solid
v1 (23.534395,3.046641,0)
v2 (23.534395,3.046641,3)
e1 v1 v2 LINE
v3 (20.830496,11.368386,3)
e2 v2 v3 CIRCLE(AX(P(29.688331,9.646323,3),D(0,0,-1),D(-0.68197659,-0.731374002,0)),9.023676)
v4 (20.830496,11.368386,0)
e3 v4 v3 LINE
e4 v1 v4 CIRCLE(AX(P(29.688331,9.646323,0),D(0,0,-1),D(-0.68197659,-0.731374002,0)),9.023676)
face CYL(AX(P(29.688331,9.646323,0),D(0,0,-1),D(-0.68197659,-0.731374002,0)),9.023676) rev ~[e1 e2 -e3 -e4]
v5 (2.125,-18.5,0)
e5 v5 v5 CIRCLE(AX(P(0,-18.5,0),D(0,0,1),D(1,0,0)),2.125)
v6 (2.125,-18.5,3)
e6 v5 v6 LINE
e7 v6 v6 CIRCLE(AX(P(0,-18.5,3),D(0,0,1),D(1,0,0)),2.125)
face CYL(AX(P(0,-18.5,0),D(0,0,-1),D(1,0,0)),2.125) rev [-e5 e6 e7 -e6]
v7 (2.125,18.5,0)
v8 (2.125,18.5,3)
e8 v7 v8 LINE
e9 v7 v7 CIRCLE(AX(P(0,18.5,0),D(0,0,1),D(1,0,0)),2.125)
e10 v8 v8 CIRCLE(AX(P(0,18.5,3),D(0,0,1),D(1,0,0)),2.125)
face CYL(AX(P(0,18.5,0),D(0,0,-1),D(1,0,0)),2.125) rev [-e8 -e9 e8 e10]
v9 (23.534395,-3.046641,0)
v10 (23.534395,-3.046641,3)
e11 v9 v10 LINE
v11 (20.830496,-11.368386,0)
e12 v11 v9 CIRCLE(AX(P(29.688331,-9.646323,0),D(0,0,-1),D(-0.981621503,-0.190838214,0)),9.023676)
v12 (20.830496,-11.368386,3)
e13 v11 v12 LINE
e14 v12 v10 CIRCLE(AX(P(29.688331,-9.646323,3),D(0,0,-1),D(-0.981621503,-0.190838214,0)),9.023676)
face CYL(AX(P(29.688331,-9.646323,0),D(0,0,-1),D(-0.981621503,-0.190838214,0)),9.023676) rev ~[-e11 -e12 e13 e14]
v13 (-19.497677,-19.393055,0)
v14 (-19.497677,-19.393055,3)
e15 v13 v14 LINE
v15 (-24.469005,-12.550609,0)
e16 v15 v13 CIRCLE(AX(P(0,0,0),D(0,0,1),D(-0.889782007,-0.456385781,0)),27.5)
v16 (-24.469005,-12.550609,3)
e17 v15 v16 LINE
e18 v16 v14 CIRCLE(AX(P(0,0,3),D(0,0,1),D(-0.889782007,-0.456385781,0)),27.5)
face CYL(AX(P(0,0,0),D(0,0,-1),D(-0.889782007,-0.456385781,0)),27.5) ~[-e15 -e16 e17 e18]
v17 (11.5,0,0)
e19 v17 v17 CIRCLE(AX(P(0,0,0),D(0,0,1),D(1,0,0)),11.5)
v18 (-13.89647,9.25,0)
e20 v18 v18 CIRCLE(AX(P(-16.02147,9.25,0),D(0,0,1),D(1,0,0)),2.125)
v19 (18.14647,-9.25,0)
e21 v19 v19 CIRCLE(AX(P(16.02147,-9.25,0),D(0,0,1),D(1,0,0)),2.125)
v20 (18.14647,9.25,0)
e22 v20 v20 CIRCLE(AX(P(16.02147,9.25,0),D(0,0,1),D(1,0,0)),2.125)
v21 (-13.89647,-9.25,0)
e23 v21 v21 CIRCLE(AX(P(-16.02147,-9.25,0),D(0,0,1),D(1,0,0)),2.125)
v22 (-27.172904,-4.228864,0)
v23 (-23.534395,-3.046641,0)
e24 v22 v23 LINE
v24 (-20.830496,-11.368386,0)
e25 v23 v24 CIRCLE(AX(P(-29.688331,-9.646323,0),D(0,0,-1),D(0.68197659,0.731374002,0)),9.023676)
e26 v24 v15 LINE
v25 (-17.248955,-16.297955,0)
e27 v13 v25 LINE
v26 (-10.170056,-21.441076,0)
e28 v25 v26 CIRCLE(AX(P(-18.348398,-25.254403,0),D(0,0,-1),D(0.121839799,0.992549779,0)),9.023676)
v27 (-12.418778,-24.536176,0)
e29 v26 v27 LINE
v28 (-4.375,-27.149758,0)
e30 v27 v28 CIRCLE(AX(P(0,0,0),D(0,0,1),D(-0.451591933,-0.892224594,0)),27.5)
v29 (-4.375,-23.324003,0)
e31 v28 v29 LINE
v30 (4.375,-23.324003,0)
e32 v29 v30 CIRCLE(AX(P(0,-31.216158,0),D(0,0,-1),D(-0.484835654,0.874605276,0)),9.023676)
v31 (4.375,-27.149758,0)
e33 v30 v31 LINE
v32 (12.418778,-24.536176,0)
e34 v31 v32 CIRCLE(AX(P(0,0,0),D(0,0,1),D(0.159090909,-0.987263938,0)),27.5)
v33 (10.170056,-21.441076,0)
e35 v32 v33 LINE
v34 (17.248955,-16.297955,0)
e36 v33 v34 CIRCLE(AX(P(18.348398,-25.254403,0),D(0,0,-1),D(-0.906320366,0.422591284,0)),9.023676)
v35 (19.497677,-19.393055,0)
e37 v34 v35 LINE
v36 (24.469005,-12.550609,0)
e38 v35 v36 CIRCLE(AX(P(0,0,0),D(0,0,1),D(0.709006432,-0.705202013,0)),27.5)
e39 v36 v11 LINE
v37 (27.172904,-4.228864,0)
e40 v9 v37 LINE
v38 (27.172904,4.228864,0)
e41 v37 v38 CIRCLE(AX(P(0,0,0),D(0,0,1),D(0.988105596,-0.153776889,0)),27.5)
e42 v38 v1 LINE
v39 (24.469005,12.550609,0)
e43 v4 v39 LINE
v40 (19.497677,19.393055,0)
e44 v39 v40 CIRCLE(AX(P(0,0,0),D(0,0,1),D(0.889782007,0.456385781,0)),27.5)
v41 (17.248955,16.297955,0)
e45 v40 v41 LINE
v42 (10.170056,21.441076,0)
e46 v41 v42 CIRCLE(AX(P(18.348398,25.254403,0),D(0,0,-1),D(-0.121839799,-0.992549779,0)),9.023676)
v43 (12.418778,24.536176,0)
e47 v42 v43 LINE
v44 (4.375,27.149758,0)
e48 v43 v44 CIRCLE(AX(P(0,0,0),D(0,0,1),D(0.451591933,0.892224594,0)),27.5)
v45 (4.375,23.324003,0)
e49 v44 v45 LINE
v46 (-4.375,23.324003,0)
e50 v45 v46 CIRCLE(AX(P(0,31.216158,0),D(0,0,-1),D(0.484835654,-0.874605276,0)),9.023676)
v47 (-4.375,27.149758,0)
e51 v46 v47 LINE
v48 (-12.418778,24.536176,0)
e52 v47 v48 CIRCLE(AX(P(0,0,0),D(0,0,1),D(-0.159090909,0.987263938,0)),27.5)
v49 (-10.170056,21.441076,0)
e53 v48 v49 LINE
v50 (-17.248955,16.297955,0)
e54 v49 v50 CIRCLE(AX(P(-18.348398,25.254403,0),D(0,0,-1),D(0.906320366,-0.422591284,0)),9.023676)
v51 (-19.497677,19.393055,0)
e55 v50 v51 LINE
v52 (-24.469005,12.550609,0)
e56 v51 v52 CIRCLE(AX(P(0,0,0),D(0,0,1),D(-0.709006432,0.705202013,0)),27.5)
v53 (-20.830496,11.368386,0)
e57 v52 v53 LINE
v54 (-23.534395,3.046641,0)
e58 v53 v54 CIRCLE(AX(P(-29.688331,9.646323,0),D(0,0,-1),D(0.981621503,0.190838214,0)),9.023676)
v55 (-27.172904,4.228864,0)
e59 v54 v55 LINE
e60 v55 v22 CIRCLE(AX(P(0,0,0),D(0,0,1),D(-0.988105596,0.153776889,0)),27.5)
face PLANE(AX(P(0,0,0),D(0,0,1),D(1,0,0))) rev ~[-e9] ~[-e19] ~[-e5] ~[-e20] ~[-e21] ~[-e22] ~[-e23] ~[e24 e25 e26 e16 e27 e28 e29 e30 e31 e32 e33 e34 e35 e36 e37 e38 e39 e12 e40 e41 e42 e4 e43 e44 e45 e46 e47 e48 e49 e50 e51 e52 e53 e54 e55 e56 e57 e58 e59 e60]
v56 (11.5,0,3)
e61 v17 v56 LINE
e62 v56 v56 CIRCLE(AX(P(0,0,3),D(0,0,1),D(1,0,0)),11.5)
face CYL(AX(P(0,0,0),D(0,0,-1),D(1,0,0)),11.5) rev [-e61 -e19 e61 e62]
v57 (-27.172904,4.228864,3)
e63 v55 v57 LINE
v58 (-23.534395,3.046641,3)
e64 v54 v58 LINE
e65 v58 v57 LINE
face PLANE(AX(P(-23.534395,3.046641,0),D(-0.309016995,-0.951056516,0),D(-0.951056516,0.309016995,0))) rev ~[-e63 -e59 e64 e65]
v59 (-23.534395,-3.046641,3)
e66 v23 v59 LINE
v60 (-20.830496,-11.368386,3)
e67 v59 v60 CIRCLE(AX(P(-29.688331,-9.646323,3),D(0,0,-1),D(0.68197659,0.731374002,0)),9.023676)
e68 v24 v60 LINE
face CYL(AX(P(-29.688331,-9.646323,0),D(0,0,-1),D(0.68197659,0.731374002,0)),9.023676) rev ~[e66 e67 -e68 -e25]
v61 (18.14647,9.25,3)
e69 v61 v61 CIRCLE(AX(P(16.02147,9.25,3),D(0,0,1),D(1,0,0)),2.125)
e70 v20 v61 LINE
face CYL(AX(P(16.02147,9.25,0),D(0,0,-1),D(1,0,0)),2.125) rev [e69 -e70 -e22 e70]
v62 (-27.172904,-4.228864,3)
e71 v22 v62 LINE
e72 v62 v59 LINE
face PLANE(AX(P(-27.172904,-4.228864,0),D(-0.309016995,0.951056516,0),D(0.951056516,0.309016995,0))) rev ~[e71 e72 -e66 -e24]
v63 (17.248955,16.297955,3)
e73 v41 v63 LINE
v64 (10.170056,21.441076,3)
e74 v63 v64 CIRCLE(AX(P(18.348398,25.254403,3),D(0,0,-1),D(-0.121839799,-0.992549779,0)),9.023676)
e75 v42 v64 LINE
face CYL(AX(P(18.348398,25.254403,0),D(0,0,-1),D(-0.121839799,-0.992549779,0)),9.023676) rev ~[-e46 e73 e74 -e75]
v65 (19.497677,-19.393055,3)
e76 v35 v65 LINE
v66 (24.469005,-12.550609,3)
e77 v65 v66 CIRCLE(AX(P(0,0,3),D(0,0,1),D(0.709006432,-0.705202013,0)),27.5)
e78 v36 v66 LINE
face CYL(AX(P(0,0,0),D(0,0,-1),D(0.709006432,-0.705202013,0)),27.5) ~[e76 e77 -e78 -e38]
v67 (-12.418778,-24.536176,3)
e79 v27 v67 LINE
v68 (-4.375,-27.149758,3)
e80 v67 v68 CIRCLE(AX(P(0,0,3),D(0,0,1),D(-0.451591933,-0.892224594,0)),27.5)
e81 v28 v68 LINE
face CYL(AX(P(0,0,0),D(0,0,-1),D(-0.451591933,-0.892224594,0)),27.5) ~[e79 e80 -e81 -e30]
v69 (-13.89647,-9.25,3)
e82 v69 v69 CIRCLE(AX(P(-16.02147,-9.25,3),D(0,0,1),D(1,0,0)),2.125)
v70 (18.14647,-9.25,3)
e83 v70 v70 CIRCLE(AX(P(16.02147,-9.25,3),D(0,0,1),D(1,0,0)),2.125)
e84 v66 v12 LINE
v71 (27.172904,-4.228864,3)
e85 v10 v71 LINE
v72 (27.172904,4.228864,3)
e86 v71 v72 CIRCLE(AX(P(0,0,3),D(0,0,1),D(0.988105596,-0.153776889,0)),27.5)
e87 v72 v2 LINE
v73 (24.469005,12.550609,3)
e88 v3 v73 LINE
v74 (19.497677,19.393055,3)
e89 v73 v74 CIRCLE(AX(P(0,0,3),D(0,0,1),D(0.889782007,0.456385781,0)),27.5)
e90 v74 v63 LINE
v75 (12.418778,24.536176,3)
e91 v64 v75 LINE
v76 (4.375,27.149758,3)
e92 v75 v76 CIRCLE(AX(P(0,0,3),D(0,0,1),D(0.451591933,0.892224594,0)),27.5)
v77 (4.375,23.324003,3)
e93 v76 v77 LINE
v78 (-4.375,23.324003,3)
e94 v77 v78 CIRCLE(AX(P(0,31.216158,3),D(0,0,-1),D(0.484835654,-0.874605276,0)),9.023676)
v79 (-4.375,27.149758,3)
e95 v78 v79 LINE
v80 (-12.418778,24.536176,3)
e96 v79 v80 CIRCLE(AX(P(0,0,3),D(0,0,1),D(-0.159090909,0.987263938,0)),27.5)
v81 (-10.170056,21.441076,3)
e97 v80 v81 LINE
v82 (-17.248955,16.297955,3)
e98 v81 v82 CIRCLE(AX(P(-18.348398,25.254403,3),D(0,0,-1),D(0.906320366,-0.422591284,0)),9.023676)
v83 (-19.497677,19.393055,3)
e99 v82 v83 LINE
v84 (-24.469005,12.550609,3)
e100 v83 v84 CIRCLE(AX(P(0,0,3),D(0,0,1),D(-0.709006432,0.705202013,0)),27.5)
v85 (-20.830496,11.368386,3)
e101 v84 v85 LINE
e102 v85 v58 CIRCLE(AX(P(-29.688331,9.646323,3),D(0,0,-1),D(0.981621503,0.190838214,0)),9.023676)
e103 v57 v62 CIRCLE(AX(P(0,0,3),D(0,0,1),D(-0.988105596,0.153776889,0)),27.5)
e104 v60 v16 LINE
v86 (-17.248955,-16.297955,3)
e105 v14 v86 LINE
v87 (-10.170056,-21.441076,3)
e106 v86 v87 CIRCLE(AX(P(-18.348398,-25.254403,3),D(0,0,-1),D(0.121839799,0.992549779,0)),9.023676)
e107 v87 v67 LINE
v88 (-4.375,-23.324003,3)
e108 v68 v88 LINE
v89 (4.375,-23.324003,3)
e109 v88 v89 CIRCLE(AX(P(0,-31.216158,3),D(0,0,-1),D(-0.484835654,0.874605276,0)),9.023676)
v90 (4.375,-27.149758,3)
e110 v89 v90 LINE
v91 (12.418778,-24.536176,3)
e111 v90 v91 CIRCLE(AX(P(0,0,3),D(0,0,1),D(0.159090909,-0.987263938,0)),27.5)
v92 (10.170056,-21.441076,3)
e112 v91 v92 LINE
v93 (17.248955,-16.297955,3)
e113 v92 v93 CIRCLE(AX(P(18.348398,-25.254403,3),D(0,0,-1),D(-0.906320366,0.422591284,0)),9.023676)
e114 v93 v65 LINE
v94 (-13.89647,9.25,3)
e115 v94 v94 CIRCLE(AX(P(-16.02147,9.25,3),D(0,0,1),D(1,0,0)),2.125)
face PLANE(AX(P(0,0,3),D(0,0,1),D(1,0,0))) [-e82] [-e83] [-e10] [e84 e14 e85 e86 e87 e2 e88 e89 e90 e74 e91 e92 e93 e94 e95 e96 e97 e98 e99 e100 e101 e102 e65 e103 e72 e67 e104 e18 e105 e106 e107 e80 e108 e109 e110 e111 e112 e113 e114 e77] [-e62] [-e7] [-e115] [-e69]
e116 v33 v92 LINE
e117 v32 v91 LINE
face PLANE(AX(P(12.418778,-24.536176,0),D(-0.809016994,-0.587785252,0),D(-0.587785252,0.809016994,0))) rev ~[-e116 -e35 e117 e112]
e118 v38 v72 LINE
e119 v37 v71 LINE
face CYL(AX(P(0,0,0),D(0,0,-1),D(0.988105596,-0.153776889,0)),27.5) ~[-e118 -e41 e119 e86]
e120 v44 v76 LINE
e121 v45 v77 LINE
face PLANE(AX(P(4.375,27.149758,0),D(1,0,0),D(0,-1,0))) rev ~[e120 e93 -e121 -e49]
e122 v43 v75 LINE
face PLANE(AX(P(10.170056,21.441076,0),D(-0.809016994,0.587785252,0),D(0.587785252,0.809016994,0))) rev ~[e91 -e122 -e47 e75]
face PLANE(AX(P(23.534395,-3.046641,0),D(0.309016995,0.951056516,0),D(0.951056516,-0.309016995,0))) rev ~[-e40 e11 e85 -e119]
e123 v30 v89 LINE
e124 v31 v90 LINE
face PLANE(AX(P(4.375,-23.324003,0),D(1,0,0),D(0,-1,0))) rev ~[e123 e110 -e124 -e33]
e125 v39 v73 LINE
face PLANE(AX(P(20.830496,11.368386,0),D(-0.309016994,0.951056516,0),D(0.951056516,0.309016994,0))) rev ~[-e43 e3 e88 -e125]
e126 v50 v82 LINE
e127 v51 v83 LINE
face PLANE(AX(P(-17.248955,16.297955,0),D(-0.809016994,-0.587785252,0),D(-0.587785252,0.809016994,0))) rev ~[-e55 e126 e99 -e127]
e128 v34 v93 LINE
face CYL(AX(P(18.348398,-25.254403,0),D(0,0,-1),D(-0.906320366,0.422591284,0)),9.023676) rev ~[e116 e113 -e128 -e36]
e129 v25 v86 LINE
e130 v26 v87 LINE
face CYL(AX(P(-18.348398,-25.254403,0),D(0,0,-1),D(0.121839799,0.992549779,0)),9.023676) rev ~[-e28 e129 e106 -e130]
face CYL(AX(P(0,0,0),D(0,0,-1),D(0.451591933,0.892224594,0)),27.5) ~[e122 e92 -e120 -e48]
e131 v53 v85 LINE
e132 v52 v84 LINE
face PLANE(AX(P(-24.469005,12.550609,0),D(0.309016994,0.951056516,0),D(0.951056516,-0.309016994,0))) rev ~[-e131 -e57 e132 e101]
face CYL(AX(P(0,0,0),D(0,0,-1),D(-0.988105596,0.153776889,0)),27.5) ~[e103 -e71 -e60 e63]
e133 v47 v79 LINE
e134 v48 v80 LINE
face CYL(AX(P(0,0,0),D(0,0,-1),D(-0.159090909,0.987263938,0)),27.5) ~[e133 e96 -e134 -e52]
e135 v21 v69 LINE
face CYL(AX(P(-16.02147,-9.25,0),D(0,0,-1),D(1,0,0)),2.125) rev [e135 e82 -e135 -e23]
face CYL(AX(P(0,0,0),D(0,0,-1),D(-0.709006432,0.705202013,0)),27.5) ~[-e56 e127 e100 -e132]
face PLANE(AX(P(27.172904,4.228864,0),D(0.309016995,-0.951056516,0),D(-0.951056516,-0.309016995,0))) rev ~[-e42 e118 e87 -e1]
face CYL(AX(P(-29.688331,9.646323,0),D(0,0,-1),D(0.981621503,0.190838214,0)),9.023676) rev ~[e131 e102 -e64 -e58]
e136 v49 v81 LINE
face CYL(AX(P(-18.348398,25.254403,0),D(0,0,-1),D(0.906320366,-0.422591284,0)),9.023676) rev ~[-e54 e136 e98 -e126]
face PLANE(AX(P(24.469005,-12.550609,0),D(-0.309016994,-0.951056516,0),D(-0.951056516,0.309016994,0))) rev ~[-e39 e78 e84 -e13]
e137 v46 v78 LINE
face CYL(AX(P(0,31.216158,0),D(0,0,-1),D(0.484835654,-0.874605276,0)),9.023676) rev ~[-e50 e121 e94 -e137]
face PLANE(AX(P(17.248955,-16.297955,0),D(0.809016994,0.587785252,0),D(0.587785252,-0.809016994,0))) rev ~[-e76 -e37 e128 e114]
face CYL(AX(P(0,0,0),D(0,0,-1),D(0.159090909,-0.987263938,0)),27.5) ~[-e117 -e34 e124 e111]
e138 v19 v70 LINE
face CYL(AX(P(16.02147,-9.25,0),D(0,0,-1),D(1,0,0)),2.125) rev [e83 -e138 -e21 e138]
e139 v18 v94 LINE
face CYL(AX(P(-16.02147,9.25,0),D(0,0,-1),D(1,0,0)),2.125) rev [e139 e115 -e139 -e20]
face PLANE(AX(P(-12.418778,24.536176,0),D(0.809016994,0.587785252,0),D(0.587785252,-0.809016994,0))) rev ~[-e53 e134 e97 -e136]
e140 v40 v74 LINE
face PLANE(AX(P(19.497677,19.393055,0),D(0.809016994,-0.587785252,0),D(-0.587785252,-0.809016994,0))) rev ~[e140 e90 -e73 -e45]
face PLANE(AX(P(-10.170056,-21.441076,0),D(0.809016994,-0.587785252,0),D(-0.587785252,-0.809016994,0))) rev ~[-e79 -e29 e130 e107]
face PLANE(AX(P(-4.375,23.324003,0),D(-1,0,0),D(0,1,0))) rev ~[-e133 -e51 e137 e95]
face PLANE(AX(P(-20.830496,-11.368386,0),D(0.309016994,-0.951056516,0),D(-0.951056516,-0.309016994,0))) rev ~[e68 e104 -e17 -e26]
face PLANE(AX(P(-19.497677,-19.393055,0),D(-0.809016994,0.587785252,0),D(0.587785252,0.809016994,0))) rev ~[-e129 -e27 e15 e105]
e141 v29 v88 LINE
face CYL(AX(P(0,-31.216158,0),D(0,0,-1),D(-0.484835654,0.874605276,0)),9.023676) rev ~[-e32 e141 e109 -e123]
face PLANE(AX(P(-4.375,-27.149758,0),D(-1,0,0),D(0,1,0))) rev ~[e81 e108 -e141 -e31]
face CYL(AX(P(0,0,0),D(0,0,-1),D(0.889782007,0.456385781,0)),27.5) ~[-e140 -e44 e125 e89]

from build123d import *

# Parameters (mm, degrees)
SKETCH2_R           = 2.125
SKETCH2_R_2         = 11.5
BOSS_EXTRUDE2_DEPTH = 3


with BuildPart() as part:
    # Sketch2 → Boss-Extrude2 (new body)
    with BuildSketch(Plane.XY):
        with BuildLine():
            Line((-4.375, 23.324003444), (-4.375, 27.149758286))
            ThreePointArc((-4.375, 27.149758286), (-8.497967345, 26.154054198), (-12.418778174, 24.536176326))
            Line((-12.418778174, 24.536176326), (-10.170055898, 21.441075642))
            ThreePointArc((-10.170055898, 21.441075642), (-13.044413657, 17.954095121), (-17.248954599, 16.297954684))
            Line((-17.248954599, 16.297954684), (-19.497676874, 19.393055368))
            ThreePointArc((-19.497676874, 19.393055368), (-22.247967345, 16.164094438), (-24.469005184, 12.550608962))
            Line((-24.469005184, 12.550608962), (-20.830496111, 11.3683857))
            ThreePointArc((-20.830496111, 11.3683857), (-21.106304661, 6.857854099), (-23.534394812, 3.046641182))
            Line((-23.534394812, 3.046641182), (-27.172903884, 4.228864445))
            ThreePointArc((-27.172903884, 4.228864445), (-27.5, 0), (-27.172903884, -4.228864445))
            Line((-27.172903884, -4.228864445), (-23.534394812, -3.046641182))
            ThreePointArc((-23.534394812, -3.046641182), (-21.106304661, -6.857854099), (-20.830496111, -11.3683857))
            Line((-20.830496111, -11.3683857), (-24.469005184, -12.550608962))
            ThreePointArc((-24.469005184, -12.550608962), (-22.247967345, -16.164094438), (-19.497676874, -19.393055368))
            Line((-19.497676874, -19.393055368), (-17.248954599, -16.297954684))
            ThreePointArc((-17.248954599, -16.297954684), (-13.044413657, -17.954095121), (-10.170055898, -21.441075642))
            Line((-10.170055898, -21.441075642), (-12.418778174, -24.536176326))
            ThreePointArc((-12.418778174, -24.536176326), (-8.497967345, -26.154054198), (-4.375, -27.149758286))
            Line((-4.375, -27.149758286), (-4.375, -23.324003444))
            ThreePointArc((-4.375, -23.324003444), (0, -22.192482044), (4.375, -23.324003444))
            Line((4.375, -23.324003444), (4.375, -27.149758286))
            ThreePointArc((4.375, -27.149758286), (8.497967345, -26.154054198), (12.418778174, -24.536176326))
            Line((12.418778174, -24.536176326), (10.170055898, -21.441075642))
            ThreePointArc((10.170055898, -21.441075642), (13.044413657, -17.954095121), (17.248954599, -16.297954684))
            Line((17.248954599, -16.297954684), (19.497676874, -19.393055368))
            ThreePointArc((19.497676874, -19.393055368), (22.247967345, -16.164094438), (24.469005184, -12.550608962))
            Line((24.469005184, -12.550608962), (20.830496111, -11.3683857))
            ThreePointArc((20.830496111, -11.3683857), (21.106304661, -6.857854099), (23.534394812, -3.046641182))
            Line((23.534394812, -3.046641182), (27.172903884, -4.228864445))
            ThreePointArc((27.172903884, -4.228864445), (27.5, 0), (27.172903884, 4.228864445))
            Line((27.172903884, 4.228864445), (23.534394812, 3.046641182))
            ThreePointArc((23.534394812, 3.046641182), (21.106304661, 6.857854099), (20.830496111, 11.3683857))
            Line((20.830496111, 11.3683857), (24.469005184, 12.550608962))
            ThreePointArc((24.469005184, 12.550608962), (22.247967345, 16.164094438), (19.497676874, 19.393055368))
            Line((19.497676874, 19.393055368), (17.248954599, 16.297954684))
            ThreePointArc((17.248954599, 16.297954684), (13.044413657, 17.954095121), (10.170055898, 21.441075642))
            Line((10.170055898, 21.441075642), (12.418778174, 24.536176326))
            ThreePointArc((12.418778174, 24.536176326), (8.497967345, 26.154054198), (4.375, 27.149758286))
            Line((4.375, 27.149758286), (4.375, 23.324003444))
            ThreePointArc((4.375, 23.324003444), (0, 22.192482044), (-4.375, 23.324003444))
        make_face()
        with Locations((16.02146997, 9.25)):
            Circle(SKETCH2_R, mode=Mode.SUBTRACT)
        with Locations((0, 18.5)):
            Circle(SKETCH2_R, mode=Mode.SUBTRACT)
        with Locations((-16.02146997, 9.25)):
            Circle(SKETCH2_R, mode=Mode.SUBTRACT)
        with Locations((-16.02146997, -9.25)):
            Circle(SKETCH2_R, mode=Mode.SUBTRACT)
        with Locations((0, -18.5)):
            Circle(SKETCH2_R, mode=Mode.SUBTRACT)
        with Locations((16.02146997, -9.25)):
            Circle(SKETCH2_R, mode=Mode.SUBTRACT)
        Circle(SKETCH2_R_2, mode=Mode.SUBTRACT)
    extrude(amount=BOSS_EXTRUDE2_DEPTH)


solid = part.part
